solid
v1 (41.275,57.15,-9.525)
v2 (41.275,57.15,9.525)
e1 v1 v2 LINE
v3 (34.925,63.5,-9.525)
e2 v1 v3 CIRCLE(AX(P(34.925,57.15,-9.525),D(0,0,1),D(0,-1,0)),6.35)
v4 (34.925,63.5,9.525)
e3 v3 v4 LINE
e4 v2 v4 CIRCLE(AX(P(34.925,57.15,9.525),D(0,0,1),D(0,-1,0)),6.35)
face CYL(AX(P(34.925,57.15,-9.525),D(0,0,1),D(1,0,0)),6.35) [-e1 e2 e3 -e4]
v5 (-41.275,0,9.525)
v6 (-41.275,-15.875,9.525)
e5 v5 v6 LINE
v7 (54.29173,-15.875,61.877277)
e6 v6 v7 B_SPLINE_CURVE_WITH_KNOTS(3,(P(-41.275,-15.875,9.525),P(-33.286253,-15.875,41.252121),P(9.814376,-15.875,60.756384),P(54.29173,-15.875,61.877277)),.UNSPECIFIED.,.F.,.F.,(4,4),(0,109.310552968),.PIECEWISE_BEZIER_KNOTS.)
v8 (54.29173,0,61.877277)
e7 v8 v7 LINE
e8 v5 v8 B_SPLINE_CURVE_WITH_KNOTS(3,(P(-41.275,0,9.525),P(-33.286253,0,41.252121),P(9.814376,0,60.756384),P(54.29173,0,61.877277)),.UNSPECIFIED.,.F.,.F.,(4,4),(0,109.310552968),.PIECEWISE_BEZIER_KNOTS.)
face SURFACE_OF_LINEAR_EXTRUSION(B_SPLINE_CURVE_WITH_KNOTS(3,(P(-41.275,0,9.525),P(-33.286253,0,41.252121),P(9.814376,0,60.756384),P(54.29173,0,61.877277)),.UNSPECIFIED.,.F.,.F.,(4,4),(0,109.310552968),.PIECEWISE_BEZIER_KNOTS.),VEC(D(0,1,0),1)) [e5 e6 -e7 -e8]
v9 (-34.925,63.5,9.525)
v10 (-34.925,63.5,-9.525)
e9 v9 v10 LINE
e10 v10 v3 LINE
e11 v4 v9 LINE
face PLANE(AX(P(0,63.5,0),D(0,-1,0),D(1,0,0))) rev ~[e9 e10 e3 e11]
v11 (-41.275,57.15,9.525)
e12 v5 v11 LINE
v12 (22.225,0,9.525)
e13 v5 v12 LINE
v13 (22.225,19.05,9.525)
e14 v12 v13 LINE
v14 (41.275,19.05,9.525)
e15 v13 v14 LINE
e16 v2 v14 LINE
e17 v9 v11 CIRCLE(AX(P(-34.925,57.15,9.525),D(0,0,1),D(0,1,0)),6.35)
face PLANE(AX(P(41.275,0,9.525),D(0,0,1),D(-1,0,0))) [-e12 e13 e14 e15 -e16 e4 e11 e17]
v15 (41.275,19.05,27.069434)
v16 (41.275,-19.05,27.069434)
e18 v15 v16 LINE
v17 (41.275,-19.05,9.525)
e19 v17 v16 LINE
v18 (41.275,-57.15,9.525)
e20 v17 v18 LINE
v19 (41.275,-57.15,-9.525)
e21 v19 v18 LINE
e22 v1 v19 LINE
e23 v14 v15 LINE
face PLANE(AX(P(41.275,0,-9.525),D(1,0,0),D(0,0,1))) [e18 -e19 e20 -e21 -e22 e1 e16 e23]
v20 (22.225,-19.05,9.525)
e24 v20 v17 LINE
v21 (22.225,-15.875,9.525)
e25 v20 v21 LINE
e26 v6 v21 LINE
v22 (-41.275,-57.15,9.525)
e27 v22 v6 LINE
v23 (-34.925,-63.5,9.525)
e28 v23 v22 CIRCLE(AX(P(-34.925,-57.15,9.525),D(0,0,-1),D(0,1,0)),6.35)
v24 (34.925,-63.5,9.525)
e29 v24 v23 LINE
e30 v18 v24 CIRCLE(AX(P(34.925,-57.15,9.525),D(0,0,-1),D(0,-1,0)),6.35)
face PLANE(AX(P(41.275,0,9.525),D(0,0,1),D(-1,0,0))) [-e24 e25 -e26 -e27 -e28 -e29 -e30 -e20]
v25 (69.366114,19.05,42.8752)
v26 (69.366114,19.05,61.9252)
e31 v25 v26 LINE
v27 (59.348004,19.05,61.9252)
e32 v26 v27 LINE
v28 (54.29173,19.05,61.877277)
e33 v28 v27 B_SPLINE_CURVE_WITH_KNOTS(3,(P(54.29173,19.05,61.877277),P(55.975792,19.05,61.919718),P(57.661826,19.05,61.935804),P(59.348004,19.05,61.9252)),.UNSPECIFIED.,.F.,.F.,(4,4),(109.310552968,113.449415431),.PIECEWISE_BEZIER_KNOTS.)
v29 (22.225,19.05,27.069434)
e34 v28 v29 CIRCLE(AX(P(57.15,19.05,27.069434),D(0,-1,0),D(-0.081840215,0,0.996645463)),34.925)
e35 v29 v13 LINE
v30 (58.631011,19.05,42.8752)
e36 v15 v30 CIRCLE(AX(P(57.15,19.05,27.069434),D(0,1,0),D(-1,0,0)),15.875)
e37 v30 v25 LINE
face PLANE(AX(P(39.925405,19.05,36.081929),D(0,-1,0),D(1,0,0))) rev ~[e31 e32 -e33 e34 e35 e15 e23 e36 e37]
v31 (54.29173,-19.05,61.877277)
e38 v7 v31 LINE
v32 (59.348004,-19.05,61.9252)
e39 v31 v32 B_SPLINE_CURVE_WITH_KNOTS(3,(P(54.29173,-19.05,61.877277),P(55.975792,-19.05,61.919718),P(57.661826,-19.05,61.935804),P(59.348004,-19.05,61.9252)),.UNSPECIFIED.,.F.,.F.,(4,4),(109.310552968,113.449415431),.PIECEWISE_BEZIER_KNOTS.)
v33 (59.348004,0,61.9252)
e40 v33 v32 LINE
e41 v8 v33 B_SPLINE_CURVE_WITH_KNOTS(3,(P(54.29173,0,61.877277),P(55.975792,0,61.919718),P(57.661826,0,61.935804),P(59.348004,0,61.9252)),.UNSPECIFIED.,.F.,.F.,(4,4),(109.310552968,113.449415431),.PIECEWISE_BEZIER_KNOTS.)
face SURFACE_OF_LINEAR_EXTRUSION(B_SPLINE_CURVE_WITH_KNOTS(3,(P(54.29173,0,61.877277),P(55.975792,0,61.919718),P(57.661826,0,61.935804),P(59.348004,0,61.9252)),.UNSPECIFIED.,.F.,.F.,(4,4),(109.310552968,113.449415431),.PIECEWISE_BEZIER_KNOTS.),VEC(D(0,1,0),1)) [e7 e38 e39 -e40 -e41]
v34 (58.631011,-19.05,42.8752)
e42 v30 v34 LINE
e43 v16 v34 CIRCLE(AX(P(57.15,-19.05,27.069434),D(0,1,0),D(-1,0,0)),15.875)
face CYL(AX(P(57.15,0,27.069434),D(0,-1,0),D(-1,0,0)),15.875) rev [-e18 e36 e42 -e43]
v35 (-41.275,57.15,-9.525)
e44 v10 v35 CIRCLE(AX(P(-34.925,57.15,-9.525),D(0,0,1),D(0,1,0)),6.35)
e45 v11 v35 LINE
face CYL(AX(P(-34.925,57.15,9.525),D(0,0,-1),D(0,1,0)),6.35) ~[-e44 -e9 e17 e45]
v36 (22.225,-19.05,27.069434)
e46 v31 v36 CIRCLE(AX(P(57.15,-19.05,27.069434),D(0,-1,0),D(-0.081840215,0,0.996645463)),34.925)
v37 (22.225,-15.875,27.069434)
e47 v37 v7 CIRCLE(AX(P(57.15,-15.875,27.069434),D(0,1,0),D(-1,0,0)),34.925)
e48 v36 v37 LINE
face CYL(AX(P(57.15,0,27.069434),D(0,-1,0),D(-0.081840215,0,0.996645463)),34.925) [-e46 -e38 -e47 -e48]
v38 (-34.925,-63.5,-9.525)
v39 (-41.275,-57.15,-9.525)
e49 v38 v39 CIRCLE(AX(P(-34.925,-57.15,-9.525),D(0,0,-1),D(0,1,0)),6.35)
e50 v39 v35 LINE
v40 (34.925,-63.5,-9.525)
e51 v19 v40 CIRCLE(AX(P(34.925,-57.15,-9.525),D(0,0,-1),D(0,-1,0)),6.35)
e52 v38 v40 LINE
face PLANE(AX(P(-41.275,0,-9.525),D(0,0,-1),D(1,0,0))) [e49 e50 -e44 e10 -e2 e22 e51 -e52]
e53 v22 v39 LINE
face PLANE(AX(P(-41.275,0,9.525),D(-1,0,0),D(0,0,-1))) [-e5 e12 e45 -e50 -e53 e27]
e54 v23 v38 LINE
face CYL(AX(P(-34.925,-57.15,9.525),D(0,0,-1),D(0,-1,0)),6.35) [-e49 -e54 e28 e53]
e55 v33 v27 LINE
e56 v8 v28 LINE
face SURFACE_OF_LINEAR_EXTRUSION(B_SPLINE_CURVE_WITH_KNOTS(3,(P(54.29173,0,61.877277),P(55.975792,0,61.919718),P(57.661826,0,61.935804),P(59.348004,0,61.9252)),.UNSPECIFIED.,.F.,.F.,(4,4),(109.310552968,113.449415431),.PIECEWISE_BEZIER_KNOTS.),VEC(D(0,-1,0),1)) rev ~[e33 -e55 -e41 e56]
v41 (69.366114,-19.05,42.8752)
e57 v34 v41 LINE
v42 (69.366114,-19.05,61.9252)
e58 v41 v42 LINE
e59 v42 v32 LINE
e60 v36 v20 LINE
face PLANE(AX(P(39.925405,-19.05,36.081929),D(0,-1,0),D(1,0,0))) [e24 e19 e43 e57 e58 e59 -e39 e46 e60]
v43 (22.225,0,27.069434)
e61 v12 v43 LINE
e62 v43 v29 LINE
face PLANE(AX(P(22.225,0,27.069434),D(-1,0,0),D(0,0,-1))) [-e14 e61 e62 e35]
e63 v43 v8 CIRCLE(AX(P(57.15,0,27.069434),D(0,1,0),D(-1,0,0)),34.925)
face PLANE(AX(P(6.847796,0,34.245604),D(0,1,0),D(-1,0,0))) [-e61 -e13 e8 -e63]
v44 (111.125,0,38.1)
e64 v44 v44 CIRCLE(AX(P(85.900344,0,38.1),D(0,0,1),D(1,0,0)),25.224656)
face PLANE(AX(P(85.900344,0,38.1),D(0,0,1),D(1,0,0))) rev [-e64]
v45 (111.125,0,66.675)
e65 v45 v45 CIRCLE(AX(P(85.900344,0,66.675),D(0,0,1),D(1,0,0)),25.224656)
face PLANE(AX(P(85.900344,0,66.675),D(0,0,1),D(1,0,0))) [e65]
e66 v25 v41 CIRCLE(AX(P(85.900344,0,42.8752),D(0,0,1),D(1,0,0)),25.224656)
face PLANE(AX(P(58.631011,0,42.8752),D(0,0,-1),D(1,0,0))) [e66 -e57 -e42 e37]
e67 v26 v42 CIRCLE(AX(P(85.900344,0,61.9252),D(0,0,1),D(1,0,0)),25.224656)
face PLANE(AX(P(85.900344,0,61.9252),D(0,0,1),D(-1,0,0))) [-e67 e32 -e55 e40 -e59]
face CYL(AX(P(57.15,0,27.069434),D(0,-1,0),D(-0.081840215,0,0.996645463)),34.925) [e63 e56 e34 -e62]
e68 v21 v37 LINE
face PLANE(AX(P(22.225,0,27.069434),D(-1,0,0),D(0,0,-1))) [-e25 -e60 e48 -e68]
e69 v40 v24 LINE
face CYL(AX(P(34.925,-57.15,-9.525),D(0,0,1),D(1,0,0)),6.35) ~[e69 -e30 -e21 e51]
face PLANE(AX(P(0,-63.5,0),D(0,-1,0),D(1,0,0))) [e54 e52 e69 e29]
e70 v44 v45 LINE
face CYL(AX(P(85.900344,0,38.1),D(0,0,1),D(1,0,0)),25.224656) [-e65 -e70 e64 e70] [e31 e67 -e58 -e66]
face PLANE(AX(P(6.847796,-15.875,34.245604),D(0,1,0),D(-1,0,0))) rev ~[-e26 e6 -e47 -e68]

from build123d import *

# Parameters (mm, degrees)
F1_DEPTH = 63.5
F0_W     = 25.5753439546
F0_H     = 19.05
F2_DEPTH = 19.05
F3_DEPTH = 15.875
F5_R     = 6.35


with BuildPart() as f1:
    # F0 (on Front) → F1 (new body, symmetric)
    with BuildSketch(Plane.XZ):
        Polygon((-41.275, -9.525), (41.275, -9.525), (41.275, 9.525), (22.225, 9.525), (-41.275, 9.525), align=None)
    extrude(amount=F1_DEPTH, both=True)

    # F0 (on Front) → F2 (join, symmetric)
    with BuildSketch(Plane.XZ):
        with BuildLine():
            Line((22.225, 9.525), (41.275, 9.525))
            Line((41.275, 9.525), (41.275, 27.0694342772))
            ThreePointArc((41.275, 27.0694342772), (46.461113991, 38.8066971986), (58.6310114503, 42.8752))
            Line((58.6310114503, 42.8752), (60.325, 42.8752))
            Line((60.325, 42.8752), (60.325, 61.9252))
            Line((60.325, 61.9252), (59.3480038392, 61.9252))
            add(Edge.make_bspline(
                [(54.2917304748, 61.8772770762), (55.9757916155, 61.9197178462), (57.6618264754, 61.9358036226), (59.3480038392, 61.9252)],
                knots=[109.3105529677, 109.3105529677, 109.3105529677, 109.3105529677, 113.4494154311, 113.4494154311, 113.4494154311, 113.4494154311], degree=3))
            ThreePointArc((54.2917304748, 61.8772770762), (31.4636155895, 50.7330198237), (22.225, 27.0694342772))
            Line((22.225, 27.0694342772), (22.225, 9.525))
        make_face()
        with Locations((73.1126719773, 52.4002)):
            Rectangle(F0_W, F0_H)
    extrude(amount=F2_DEPTH, both=True)

    # F0 (on Front) → F3 (join)
    with BuildSketch(Plane.XZ):
        with BuildLine():
            add(Edge.make_bspline(
                [(-41.275, 9.525), (-33.2862530849, 41.2521209724), (9.8143756106, 60.7563835758), (54.2917304748, 61.8772770762)],
                knots=[0, 0, 0, 0, 109.3105529677, 109.3105529677, 109.3105529677, 109.3105529677], degree=3))
            Line((-41.275, 9.525), (22.225, 9.525))
            Line((22.225, 9.525), (22.225, 27.0694342772))
            ThreePointArc((22.225, 27.0694342772), (31.4636155895, 50.7330198237), (54.2917304748, 61.8772770762))
        make_face()
    extrude(amount=F3_DEPTH)

    # F0 (on Front) → F4 (revolve)
    with BuildSketch(Plane.XZ):
        Polygon((85.9003439546, 61.9252), (85.9003439546, 42.8752), (85.9003439546, 38.1), (111.125, 38.1), (111.125, 66.675), (85.9003439546, 66.675), align=None)
    revolve(axis=Axis((85.9003439546, 0, 52.3875), (0, 0, 1)))

    # F5
    f5_edges = [f1.edges().sort_by_distance(p)[0] for p in [
        (-41.275, -63.5, 0),
        (41.275, -63.5, 0),
        (41.275, 63.5, 0),
        (-41.275, 63.5, 0),
    ]]
    fillet(f5_edges, radius=F5_R)


solid = f1.part
